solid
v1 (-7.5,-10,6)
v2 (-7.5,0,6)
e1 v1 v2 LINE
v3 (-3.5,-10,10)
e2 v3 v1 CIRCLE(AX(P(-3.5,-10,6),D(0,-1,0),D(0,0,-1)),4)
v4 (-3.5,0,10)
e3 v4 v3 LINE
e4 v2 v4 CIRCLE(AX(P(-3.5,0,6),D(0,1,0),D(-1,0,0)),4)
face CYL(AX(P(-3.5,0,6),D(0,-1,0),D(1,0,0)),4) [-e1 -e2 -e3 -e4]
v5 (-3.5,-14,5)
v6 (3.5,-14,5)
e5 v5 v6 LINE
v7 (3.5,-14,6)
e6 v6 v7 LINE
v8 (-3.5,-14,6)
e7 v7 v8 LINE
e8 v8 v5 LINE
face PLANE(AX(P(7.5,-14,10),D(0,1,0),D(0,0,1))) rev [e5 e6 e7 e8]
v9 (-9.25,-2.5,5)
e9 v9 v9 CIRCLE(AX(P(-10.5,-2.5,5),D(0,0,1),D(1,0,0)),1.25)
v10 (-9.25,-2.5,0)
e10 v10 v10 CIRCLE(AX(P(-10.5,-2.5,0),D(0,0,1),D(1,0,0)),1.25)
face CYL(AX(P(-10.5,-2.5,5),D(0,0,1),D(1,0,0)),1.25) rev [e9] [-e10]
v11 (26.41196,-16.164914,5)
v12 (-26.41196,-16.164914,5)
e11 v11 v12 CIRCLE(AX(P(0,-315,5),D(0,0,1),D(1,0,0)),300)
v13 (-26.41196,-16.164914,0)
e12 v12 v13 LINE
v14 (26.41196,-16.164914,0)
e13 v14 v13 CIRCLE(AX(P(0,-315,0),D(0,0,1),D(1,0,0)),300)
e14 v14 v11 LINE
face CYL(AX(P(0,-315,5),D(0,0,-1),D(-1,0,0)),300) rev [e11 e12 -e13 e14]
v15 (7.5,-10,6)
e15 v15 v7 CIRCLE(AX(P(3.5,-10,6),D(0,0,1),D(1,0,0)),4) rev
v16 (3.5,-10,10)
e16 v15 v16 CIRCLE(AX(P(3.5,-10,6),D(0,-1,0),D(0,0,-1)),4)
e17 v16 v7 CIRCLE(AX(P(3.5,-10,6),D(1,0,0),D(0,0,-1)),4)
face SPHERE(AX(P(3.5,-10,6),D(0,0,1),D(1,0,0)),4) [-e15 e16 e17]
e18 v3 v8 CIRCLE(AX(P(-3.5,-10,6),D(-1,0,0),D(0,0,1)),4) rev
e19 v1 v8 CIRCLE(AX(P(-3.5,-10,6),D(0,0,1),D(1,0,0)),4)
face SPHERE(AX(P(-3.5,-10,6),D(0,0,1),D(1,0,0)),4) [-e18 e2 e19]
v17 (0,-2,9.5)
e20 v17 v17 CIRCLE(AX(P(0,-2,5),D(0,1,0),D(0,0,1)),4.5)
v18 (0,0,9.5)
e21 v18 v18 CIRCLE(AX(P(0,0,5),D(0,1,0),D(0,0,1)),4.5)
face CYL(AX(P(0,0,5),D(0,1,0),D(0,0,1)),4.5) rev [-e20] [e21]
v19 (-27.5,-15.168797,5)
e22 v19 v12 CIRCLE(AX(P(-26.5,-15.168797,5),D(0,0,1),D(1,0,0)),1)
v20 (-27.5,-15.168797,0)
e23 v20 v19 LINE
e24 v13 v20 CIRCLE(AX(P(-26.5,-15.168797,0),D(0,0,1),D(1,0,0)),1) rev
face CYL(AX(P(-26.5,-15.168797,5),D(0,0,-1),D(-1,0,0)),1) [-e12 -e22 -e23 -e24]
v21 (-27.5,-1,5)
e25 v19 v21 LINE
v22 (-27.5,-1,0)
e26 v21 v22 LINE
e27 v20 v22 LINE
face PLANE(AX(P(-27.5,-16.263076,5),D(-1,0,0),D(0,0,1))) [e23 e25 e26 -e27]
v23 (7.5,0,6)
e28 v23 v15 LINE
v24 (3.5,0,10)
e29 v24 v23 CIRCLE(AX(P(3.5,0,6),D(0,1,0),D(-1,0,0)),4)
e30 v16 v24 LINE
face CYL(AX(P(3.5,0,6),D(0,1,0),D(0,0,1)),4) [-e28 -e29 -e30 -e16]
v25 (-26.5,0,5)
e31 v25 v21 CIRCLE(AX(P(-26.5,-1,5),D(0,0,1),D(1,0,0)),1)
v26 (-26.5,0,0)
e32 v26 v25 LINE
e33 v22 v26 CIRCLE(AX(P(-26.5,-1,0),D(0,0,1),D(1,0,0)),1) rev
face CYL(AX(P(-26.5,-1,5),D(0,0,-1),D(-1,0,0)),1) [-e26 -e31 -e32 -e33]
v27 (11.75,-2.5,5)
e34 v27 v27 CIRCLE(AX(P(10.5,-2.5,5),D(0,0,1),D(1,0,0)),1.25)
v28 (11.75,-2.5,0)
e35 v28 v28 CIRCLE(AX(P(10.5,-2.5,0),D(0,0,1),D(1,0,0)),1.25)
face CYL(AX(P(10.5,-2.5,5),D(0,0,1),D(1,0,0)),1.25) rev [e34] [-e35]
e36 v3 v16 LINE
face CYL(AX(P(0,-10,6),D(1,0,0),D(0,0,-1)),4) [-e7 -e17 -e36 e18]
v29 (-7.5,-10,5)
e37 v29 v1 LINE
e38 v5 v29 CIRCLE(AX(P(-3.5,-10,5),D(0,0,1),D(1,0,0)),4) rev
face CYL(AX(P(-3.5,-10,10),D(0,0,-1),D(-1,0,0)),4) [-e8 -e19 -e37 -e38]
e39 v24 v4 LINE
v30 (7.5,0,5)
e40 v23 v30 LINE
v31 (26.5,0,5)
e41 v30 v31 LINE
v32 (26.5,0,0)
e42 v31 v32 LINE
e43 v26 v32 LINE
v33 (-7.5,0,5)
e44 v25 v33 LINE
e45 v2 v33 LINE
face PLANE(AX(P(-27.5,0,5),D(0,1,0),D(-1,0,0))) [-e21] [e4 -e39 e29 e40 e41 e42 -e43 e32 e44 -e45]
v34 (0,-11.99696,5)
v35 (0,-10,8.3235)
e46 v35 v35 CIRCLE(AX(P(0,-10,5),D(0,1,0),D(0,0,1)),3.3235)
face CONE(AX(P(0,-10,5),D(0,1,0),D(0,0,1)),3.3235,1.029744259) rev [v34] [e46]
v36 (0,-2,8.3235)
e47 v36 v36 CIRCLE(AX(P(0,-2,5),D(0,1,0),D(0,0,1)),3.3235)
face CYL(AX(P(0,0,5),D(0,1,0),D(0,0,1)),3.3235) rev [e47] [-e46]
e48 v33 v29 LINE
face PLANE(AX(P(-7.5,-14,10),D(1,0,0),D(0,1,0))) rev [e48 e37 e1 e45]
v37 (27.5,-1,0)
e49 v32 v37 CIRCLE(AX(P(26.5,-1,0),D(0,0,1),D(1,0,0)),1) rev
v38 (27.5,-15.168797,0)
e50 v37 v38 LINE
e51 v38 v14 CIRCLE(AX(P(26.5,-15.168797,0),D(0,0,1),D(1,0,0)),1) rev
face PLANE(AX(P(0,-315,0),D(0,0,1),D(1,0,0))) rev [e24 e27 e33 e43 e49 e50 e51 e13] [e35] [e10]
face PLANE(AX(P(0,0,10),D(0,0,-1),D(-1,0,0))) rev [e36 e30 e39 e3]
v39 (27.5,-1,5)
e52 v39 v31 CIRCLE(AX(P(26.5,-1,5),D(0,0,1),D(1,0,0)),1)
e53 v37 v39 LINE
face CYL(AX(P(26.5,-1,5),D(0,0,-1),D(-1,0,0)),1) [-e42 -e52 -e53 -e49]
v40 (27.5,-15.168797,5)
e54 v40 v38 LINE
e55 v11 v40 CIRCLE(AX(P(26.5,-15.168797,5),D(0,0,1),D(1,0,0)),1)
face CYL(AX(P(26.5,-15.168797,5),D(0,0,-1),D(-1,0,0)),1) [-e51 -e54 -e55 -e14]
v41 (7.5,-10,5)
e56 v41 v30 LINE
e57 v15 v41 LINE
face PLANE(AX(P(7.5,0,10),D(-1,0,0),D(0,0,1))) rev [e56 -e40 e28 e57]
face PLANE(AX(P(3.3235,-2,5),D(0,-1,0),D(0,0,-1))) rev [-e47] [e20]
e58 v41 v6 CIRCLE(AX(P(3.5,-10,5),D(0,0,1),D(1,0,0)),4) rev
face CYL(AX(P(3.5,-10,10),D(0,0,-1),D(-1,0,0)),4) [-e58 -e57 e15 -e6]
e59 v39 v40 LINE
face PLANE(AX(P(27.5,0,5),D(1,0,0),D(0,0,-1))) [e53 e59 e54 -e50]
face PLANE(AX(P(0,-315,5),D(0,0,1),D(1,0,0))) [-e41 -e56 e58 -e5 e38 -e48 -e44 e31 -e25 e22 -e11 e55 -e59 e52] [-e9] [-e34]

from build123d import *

# Parameters (mm, degrees)
BOSS_EXTRUDE1_DEPTH                     = 5
SKETCH4_W                               = 15
SKETCH4_H                               = 14
BOSS_EXTRUDE2_DEPTH                     = 5
CBORE_FOR_M6_HEX_HEAD_BOLT1_D           = 6.647
CBORE_FOR_M6_HEX_HEAD_BOLT1_DEPTH       = 10
CBORE_FOR_M6_HEX_HEAD_BOLT1_CBORE_D     = 9
CBORE_FOR_M6_HEX_HEAD_BOLT1_CBORE_DEPTH = 2
CBORE_FOR_M6_HEX_HEAD_BOLT1_TIP         = 1.996960267
FILLET1_R                               = 1
FILLET2_R                               = 4
M3X0_5_TAPPED_HOLE1_D                   = 2.5
M3X0_5_TAPPED_HOLE1_DEPTH               = 5
M3X0_5_TAPPED_HOLE1_TIP                 = 0.751075774


with BuildPart() as part:
    # Sketch1 → Boss-Extrude1 (new body)
    with BuildSketch(Plane(origin=(0, 0, 0), x_dir=(-1, 0, 0), z_dir=(0, 0, -1))):
        with BuildLine():
            Line((27.500000074, -16.263075607), (27.500000074, 0))
            Line((27.500000074, 0), (-27.5, 0))
            Line((-27.5, 0), (-27.5, -16.2630756))
            ThreePointArc((-27.5, -16.2630756), (3.7e-08, -15), (27.500000074, -16.263075607))
        make_face()
    extrude(amount=-BOSS_EXTRUDE1_DEPTH)

    # Sketch4 → Boss-Extrude2 (add)
    with BuildSketch(Plane.XY.offset(5)):
        with Locations((0, -7)):
            Rectangle(SKETCH4_W, SKETCH4_H)
    extrude(amount=BOSS_EXTRUDE2_DEPTH)

    # CBORE for M6 Hex Head Bolt1
    with Locations(Plane(origin=(0, 0, 0), x_dir=(1, 0, 0), z_dir=(0, 1, 0))):
        with Locations((0, -5)):
            CounterBoreHole(CBORE_FOR_M6_HEX_HEAD_BOLT1_D / 2, CBORE_FOR_M6_HEX_HEAD_BOLT1_CBORE_D / 2, CBORE_FOR_M6_HEX_HEAD_BOLT1_CBORE_DEPTH, depth=CBORE_FOR_M6_HEX_HEAD_BOLT1_DEPTH)
            with Locations((0, 0, -(CBORE_FOR_M6_HEX_HEAD_BOLT1_DEPTH + CBORE_FOR_M6_HEX_HEAD_BOLT1_TIP / 2))):  # 118° drill point
                Cone(0, CBORE_FOR_M6_HEX_HEAD_BOLT1_D / 2, CBORE_FOR_M6_HEX_HEAD_BOLT1_TIP, mode=Mode.SUBTRACT)

    # Fillet1
    fillet1_edges = [part.edges().sort_by_distance(p)[0] for p in [
        (27.5, 0, 2.5),
        (-27.500000074, 0, 2.5),
        (27.5, -16.2630756, 2.5),
        (-27.500000074, -16.263075607, 2.5),
    ]]
    fillet(fillet1_edges, radius=FILLET1_R)

    # Fillet2
    fillet2_edges = [part.edges().sort_by_distance(p)[0] for p in [
        (7.5, -14, 7.5),
        (7.5, -7, 10),
        (-7.5, -14, 7.5),
        (0, -14, 10),
        (-7.5, -7, 10),
    ]]
    fillet(fillet2_edges, radius=FILLET2_R)

    # M3x0.5 Tapped Hole1
    with Locations(Plane(origin=(-10.5, -2.5, 5), x_dir=(1, 0, 0), z_dir=(0, 0, 1))):
        with Locations((0, 0), (21, 0)):
            Hole(M3X0_5_TAPPED_HOLE1_D / 2, depth=M3X0_5_TAPPED_HOLE1_DEPTH)
            with Locations((0, 0, -(M3X0_5_TAPPED_HOLE1_DEPTH + M3X0_5_TAPPED_HOLE1_TIP / 2))):  # 118° drill point
                Cone(0, M3X0_5_TAPPED_HOLE1_D / 2, M3X0_5_TAPPED_HOLE1_TIP, mode=Mode.SUBTRACT)


solid = part.part
